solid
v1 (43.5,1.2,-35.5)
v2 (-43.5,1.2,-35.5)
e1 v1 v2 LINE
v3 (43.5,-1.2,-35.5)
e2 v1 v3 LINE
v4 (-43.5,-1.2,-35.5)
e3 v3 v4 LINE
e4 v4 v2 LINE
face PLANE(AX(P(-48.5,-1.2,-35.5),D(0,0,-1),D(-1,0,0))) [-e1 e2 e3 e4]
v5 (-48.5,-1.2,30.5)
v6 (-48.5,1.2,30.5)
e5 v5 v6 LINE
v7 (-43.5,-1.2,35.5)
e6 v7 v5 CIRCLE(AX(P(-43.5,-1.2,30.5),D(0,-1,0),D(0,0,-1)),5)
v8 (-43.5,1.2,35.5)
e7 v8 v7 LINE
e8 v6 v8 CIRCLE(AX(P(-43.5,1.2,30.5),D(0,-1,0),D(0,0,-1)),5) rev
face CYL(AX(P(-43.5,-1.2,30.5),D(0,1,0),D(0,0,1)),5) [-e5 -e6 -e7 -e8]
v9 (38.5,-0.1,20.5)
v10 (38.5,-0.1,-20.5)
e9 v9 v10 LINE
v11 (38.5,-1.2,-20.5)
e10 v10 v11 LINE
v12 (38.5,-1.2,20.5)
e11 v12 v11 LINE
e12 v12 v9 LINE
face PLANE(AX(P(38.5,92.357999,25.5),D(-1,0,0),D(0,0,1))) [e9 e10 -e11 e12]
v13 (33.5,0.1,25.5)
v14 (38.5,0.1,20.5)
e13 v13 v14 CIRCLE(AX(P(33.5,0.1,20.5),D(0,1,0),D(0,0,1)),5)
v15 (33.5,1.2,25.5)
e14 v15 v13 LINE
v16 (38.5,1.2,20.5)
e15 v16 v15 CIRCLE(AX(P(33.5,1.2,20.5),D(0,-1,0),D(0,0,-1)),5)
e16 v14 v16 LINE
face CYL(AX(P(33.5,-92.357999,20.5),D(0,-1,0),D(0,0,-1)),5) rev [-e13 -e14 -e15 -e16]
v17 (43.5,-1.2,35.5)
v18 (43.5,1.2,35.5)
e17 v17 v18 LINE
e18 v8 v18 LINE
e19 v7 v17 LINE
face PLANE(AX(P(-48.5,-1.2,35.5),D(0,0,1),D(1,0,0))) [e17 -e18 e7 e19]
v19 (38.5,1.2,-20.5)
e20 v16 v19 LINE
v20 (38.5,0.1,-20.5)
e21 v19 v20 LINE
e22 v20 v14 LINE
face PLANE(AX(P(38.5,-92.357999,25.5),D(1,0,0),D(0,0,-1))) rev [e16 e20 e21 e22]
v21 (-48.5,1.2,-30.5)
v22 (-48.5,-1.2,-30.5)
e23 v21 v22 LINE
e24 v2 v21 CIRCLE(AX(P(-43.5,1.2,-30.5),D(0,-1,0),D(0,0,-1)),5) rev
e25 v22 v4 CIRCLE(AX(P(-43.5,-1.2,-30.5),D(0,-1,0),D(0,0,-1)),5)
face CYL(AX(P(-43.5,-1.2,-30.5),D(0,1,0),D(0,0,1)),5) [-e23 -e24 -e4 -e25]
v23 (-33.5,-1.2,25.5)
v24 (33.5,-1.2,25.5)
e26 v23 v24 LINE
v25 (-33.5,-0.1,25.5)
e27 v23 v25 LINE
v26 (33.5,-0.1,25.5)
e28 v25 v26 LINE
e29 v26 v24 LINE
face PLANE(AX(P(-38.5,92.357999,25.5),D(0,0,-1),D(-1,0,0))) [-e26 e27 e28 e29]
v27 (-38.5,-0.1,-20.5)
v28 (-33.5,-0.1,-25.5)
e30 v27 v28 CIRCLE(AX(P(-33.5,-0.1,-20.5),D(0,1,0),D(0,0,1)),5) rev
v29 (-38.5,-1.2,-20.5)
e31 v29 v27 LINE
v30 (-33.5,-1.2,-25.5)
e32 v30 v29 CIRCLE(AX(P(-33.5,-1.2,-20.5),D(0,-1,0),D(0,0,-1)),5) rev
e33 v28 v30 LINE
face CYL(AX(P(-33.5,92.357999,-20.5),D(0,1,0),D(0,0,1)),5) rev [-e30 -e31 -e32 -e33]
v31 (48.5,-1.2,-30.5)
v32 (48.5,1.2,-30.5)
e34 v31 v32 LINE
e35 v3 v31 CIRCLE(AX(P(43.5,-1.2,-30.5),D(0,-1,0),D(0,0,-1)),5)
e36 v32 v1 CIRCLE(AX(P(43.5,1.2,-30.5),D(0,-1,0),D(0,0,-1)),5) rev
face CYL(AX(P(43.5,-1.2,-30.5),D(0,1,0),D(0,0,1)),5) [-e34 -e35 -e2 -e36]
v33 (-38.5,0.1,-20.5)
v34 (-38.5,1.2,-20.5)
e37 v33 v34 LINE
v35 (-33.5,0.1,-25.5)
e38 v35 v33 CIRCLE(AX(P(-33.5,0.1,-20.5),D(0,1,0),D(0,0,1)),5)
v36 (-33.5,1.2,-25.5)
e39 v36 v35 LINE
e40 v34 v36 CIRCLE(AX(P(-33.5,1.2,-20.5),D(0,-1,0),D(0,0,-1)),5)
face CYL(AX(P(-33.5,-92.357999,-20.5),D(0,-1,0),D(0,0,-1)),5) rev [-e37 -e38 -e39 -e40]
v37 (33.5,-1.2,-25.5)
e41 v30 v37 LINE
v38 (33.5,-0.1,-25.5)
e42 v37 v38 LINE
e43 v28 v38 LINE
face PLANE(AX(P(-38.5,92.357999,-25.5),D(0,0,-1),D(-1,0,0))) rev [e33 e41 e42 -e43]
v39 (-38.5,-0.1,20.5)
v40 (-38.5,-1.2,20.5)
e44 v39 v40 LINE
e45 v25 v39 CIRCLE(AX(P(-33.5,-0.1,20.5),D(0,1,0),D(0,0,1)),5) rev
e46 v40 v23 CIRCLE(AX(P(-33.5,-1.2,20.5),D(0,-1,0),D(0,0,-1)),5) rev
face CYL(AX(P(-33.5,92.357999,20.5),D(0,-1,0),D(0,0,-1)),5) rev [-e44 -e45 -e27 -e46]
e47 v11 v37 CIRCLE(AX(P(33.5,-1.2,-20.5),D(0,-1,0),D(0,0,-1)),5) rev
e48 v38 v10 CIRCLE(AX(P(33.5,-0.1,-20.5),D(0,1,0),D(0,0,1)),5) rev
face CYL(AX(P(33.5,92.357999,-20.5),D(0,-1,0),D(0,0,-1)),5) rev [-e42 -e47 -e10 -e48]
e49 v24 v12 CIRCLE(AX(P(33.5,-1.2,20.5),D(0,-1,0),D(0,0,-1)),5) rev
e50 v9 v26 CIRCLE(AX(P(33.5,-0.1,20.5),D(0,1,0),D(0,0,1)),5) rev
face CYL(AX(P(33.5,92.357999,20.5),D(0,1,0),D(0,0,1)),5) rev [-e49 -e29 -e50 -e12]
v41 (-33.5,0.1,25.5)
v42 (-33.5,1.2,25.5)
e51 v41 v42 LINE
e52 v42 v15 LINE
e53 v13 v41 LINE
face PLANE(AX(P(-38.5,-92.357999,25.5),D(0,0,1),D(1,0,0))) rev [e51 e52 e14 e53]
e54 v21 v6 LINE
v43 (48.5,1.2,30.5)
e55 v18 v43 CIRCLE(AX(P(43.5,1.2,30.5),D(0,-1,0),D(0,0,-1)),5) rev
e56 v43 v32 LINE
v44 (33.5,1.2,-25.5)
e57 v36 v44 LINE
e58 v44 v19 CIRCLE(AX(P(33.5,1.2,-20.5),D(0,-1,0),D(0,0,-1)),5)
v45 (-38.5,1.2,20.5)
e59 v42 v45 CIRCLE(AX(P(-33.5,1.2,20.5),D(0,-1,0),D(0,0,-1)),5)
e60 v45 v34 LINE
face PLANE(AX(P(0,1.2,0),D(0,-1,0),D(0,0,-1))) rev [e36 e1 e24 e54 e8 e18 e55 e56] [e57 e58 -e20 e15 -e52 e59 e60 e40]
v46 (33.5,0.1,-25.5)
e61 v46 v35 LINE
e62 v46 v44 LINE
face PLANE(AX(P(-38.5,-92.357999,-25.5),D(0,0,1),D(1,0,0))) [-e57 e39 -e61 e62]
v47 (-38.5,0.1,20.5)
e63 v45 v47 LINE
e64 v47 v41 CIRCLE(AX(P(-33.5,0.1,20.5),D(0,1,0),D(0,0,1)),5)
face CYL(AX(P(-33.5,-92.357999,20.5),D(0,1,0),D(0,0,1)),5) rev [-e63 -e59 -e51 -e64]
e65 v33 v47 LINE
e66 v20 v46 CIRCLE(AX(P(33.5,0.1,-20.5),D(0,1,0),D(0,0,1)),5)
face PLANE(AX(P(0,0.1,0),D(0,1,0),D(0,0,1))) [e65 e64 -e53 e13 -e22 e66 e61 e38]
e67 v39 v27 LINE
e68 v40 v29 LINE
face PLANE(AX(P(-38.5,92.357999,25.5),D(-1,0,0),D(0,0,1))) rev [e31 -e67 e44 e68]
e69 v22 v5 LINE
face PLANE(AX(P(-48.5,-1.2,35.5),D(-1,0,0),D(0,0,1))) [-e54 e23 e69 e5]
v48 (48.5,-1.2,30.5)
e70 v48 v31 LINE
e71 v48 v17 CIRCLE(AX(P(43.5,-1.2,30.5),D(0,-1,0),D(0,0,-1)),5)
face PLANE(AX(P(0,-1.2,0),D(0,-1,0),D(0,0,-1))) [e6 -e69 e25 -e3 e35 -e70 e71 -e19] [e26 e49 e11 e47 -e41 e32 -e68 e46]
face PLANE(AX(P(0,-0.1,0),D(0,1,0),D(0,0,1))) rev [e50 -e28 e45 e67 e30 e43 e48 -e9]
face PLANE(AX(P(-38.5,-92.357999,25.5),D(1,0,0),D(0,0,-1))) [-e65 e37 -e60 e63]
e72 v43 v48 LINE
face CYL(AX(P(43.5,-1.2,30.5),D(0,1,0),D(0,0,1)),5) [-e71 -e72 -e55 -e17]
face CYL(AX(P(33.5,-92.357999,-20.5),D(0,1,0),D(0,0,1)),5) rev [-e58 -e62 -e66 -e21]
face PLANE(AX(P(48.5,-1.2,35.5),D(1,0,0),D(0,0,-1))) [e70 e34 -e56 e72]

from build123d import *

# Parameters (mm, degrees)
BOSS_EXTRUDE1_DEPTH      = 1.2
BOSS_EXTRUDE1_DEPTH_BACK = 1.2
SKETCH1_W                = 97
SKETCH1_H                = 71
SKETCH2_W                = 77
SKETCH2_H                = 51
CUT_EXTRUDE1_DEPTH       = 1.1
FILLET1_R                = 5
FILLET1_OF_MIRROR3_R     = 5
FILLET2_R                = 5


with BuildPart() as part:
    # Sketch1 → Boss-Extrude1 (new, two sides: drawn at the far end of the back side and taken through both)
    with BuildSketch(Plane(origin=(0, 0, 0), x_dir=(1, 0, 0), z_dir=(0, 1, 0)).offset(-BOSS_EXTRUDE1_DEPTH_BACK)):
        Rectangle(SKETCH1_W, SKETCH1_H)
    extrude(amount=BOSS_EXTRUDE1_DEPTH + BOSS_EXTRUDE1_DEPTH_BACK)

    # Sketch2 → Cut-Extrude1 (cut)
    with BuildSketch(Plane(origin=(0, 1.2, 0), x_dir=(1, 0, 0), z_dir=(0, 1, 0))):
        Rectangle(SKETCH2_W, SKETCH2_H)
    cut_extrude1 = extrude(amount=-CUT_EXTRUDE1_DEPTH, mode=Mode.SUBTRACT)

    # Fillet1
    fillet1_edges = [part.edges().sort_by_distance(p)[0] for p in [
        (38.5, 0.65, 25.5),
        (-38.5, 0.65, 25.5),
        (-38.5, 0.65, -25.5),
        (38.5, 0.65, -25.5),
    ]]
    fillet(fillet1_edges, radius=FILLET1_R)

    # Mirror3: Cut-Extrude1 across plane
    add(cut_extrude1.mirror(Plane.ZX), mode=Mode.SUBTRACT)

    # Fillet1 of Mirror3
    fillet1_of_mirror3_edges = [part.edges().sort_by_distance(p)[0] for p in [
        (38.5, -0.65, 25.5),
        (-38.5, -0.65, 25.5),
        (-38.5, -0.65, -25.5),
        (38.5, -0.65, -25.5),
    ]]
    fillet(fillet1_of_mirror3_edges, radius=FILLET1_OF_MIRROR3_R)

    # Fillet2
    fillet2_edges = [part.edges().sort_by_distance(p)[0] for p in [
        (48.5, 0, 35.5),
        (-48.5, 0, 35.5),
        (-48.5, 0, -35.5),
        (48.5, 0, -35.5),
    ]]
    fillet(fillet2_edges, radius=FILLET2_R)


solid = part.part
